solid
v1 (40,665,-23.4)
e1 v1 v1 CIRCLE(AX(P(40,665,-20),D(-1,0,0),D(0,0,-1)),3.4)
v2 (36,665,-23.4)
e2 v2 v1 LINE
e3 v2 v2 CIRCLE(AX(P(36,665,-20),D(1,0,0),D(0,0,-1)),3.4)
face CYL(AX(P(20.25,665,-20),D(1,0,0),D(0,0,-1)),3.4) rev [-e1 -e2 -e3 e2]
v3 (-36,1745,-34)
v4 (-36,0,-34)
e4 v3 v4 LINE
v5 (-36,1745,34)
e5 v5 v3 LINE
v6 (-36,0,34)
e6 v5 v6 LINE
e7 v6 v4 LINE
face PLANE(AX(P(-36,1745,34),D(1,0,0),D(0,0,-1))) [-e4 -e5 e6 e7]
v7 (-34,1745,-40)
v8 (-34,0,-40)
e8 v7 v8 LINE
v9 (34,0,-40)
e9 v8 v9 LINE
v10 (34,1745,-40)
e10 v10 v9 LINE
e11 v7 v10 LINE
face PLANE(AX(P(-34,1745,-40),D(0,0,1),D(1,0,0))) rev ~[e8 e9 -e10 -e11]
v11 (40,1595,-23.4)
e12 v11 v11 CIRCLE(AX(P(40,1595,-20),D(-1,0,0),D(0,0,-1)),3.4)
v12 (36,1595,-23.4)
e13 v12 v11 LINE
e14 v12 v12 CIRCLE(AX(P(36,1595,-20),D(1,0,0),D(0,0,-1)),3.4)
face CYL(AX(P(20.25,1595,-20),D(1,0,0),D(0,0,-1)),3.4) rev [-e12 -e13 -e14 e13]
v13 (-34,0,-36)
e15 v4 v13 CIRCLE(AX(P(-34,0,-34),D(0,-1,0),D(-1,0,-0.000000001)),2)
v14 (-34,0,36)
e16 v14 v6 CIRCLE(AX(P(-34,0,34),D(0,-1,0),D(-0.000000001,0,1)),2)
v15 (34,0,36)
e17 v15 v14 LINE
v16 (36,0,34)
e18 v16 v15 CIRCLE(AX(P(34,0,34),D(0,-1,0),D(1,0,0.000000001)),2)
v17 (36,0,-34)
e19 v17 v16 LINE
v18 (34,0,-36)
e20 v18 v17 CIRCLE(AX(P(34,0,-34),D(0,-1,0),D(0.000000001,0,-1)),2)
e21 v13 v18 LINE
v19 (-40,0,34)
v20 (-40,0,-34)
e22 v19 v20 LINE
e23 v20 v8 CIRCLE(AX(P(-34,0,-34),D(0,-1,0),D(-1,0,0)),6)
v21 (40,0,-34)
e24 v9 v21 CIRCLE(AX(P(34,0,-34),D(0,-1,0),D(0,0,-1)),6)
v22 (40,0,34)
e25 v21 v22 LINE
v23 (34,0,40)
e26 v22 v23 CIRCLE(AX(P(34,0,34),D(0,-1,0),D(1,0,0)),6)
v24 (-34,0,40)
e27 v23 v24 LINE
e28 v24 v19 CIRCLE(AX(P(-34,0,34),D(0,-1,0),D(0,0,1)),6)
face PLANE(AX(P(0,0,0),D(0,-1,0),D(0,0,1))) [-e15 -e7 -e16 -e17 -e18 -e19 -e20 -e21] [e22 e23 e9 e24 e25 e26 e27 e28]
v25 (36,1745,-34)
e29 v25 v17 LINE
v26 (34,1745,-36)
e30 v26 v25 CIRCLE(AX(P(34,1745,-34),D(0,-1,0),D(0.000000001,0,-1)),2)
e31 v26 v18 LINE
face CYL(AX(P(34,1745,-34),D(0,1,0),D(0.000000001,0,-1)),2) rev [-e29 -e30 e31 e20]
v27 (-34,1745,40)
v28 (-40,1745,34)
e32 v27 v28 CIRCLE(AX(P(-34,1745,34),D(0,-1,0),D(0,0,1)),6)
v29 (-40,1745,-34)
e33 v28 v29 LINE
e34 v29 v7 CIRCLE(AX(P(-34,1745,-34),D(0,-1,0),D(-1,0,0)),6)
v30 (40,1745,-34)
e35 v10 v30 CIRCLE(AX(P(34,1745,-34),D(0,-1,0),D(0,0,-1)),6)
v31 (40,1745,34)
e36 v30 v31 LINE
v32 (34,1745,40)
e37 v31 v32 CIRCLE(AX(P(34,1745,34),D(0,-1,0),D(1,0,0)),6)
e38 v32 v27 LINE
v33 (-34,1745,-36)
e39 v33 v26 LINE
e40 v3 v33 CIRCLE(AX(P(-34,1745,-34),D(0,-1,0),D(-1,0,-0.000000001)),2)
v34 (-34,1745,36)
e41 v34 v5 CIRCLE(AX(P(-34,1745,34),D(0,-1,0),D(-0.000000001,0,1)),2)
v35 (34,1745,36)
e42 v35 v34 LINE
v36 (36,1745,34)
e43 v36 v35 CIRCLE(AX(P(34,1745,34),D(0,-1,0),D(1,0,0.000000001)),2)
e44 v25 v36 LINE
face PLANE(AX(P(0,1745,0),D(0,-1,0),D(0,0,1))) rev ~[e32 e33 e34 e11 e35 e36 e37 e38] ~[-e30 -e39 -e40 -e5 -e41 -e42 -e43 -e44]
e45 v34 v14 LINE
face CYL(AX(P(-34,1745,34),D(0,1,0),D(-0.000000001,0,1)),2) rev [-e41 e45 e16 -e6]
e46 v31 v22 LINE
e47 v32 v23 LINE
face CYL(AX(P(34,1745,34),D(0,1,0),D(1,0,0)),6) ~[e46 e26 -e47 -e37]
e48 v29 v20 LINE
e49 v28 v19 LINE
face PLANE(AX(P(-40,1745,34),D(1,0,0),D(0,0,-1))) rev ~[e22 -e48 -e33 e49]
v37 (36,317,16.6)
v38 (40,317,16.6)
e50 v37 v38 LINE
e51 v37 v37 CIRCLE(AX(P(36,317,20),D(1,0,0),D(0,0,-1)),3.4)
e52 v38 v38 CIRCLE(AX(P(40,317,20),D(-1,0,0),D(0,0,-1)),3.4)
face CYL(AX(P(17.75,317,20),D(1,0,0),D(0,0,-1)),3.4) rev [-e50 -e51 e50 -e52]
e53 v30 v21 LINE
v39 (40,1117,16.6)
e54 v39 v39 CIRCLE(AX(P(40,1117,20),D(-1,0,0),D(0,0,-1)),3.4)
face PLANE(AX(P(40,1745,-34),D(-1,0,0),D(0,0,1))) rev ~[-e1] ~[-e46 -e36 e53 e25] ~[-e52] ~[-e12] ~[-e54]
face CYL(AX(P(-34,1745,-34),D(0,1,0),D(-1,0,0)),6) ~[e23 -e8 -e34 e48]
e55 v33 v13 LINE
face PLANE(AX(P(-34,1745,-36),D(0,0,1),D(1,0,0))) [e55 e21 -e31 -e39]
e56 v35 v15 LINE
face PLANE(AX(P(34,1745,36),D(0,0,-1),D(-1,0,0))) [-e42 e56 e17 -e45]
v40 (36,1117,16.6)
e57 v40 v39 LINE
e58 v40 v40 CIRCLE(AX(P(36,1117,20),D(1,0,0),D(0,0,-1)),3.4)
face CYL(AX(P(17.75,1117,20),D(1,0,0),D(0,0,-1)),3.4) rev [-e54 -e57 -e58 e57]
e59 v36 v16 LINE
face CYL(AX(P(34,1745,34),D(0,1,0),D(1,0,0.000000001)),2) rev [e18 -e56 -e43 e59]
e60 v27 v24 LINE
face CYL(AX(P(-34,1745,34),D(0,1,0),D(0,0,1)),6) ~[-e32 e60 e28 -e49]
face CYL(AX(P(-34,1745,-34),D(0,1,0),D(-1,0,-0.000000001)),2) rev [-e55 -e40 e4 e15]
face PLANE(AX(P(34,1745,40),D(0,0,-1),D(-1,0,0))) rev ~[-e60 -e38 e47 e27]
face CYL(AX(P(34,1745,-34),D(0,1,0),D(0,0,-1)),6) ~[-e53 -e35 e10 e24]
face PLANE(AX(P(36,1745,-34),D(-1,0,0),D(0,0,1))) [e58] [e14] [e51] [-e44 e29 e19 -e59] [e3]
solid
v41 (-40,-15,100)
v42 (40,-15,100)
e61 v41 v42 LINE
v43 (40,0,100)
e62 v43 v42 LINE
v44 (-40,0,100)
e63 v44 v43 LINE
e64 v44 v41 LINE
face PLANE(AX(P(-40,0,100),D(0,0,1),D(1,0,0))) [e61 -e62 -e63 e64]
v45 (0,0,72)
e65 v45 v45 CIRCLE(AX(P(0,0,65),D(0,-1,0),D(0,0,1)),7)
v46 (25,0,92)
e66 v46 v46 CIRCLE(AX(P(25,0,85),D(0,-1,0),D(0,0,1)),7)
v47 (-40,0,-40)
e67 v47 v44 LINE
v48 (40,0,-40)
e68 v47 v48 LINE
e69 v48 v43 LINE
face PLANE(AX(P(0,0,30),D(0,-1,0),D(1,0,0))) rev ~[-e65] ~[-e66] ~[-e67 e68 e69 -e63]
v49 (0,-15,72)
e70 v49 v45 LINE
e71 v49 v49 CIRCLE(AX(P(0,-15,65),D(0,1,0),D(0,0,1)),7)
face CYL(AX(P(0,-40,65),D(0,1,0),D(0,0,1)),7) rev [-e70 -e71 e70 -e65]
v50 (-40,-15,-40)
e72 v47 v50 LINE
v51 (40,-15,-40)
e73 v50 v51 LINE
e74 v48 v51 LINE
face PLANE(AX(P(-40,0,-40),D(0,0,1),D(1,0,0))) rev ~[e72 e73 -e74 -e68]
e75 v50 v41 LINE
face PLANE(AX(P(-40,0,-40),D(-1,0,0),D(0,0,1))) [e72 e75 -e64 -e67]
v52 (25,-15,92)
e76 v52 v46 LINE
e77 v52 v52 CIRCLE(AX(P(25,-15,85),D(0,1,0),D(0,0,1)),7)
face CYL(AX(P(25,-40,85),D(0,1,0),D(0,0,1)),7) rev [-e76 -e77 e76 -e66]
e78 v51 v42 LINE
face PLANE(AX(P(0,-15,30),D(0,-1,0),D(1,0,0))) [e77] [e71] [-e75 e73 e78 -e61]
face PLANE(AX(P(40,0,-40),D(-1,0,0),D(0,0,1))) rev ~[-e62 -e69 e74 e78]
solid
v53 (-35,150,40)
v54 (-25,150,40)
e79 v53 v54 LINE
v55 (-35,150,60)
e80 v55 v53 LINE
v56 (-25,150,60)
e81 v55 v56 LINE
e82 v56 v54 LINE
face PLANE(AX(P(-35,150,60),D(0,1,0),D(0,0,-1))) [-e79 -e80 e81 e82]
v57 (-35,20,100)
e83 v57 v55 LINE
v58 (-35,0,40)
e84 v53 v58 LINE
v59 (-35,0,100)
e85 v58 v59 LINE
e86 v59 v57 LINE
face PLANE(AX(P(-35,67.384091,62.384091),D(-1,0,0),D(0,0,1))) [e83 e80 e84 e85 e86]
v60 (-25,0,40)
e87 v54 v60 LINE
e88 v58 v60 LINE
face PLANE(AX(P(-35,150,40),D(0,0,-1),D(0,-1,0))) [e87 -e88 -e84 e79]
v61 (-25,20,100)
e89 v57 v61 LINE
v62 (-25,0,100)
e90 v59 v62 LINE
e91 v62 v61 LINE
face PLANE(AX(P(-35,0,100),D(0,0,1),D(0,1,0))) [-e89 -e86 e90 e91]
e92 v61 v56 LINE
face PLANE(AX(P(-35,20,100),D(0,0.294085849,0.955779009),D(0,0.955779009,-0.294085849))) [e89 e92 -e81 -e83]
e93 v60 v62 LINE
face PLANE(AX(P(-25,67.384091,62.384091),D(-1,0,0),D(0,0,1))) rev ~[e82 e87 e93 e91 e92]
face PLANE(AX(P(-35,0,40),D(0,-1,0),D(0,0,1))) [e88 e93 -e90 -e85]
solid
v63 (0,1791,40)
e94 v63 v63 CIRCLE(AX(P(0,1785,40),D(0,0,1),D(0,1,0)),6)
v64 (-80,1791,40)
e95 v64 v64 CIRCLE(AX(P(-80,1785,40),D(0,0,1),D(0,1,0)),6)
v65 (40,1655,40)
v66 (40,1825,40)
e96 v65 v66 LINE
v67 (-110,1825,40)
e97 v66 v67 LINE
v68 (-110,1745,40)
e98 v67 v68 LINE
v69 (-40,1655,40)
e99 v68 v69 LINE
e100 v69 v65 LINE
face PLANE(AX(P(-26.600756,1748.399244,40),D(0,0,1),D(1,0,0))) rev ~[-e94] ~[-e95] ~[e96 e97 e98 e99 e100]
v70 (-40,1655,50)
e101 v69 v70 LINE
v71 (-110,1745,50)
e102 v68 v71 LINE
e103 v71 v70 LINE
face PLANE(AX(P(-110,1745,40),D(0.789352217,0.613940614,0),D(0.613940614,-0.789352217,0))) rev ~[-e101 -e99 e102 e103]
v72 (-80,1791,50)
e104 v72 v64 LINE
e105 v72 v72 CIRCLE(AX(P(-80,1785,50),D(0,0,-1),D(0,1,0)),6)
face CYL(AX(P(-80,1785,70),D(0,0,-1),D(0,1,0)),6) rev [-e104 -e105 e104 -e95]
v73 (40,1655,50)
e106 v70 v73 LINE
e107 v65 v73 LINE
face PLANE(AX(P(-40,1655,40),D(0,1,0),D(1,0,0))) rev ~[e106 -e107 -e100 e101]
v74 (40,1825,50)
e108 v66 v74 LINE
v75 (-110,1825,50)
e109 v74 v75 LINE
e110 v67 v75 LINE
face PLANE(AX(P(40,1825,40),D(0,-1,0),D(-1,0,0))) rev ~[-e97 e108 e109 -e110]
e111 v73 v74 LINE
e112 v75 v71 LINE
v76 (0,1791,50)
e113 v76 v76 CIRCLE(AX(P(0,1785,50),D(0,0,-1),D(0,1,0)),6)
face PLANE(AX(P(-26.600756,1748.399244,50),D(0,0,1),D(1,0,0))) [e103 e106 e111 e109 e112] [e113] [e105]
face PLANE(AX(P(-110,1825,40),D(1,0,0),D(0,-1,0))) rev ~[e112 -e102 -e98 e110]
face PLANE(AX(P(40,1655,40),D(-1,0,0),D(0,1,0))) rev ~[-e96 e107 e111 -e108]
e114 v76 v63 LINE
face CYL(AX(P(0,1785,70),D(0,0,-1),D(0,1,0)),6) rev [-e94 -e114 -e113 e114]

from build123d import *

# Parameters (mm, degrees)
MEMBER_1_DEPTH                   = 1745
SKETCH_4_W                       = 80
SKETCH_4_H                       = 140
EXTRUDE_1_DEPTH                  = 15
HOLE_WIZARD_14_0_14_1_AT_2_COUNT = 2
HOLE_WIZARD_14_0_14_1_AT_2_PITCH = 32.015621187
EXTRUDE_START                    = -60
EXTRUDE_2_DEPTH                  = 10
EXTRUDE_3_DEPTH                  = 10
HOLE_WIZARD_M10_1_AT_2_COUNT     = 2
HOLE_WIZARD_M10_1_AT_2_PITCH     = 80
HOLE_WIZARD_M8_1_AT_2_COUNT      = 2
HOLE_WIZARD_M8_1_AT_2_PITCH      = 930
HOLE_WIZARD_M8_3_AT_2_COUNT      = 2
HOLE_WIZARD_M8_3_AT_2_PITCH      = 800


with BuildPart() as part:
    # Sketch11 → Member 1 (new body)
    with BuildSketch(Plane(origin=(0, 1745, 0), x_dir=(0, 0, 1), z_dir=(0, -1, 0))):
        with BuildLine():
            Line((-34, -40), (34, -40))
            ThreePointArc((34, -40), (38.242640687, -38.242640687), (40, -34))
            Line((40, -34), (40, 34))
            ThreePointArc((40, 34), (38.242640687, 38.242640687), (34, 40))
            Line((34, 40), (-34, 40))
            ThreePointArc((-34, 40), (-38.242640687, 38.242640687), (-40, 34))
            Line((-40, 34), (-40, -34))
            ThreePointArc((-40, -34), (-38.242640687, -38.242640687), (-34, -40))
        make_face()
        with BuildLine():
            Line((-34, -36), (34, -36))
            ThreePointArc((34, -36), (35.414213562, -35.414213562), (36, -34))
            Line((36, -34), (36, 34))
            ThreePointArc((36, 34), (35.414213562, 35.414213562), (34, 36))
            Line((34, 36), (-34, 36))
            ThreePointArc((-34, 36), (-35.414213562, 35.414213562), (-36, 34))
            Line((-36, 34), (-36, -34))
            ThreePointArc((-36, -34), (-35.414213562, -35.414213562), (-34, -36))
        make_face(mode=Mode.SUBTRACT)
    extrude(amount=MEMBER_1_DEPTH)

    # 草图32 → M8 螺纹孔1 (revolve, cut)
    with BuildSketch(Plane(origin=(40, 1595, -20), x_dir=(0, 0, -1), z_dir=(0, 1, 0))):
        Polygon((0, 0), (0, 21.792926105), (3.4, 19.75), (3.4, 0), align=None)
    hole_wizard_m8_1 = revolve(axis=Axis((46.35, 1595, -20), (-1, 0, 0)), mode=Mode.SUBTRACT)

    # M8 螺纹孔1 at 2: M8 螺纹孔1 ×2
    with Locations(*[(0, -i * HOLE_WIZARD_M8_1_AT_2_PITCH, 0) for i in range(1, HOLE_WIZARD_M8_1_AT_2_COUNT)]):
        add(hole_wizard_m8_1, mode=Mode.SUBTRACT)

    # 草图38 → M8 螺纹孔3 (revolve, cut)
    with BuildSketch(Plane(origin=(40, 1117, 20.000000004), x_dir=(0, 0, -1), z_dir=(0, 1, 0))):
        Polygon((0, 0), (0, 24.292926105), (3.4, 22.25), (3.4, 0), align=None)
    hole_wizard_m8_3 = revolve(axis=Axis((46.35, 1117, 20.000000004), (-1, 0, 0)), mode=Mode.SUBTRACT)

    # M8 螺纹孔3 at 2: M8 螺纹孔3 ×2
    with Locations(*[(0, -i * HOLE_WIZARD_M8_3_AT_2_PITCH, 0) for i in range(1, HOLE_WIZARD_M8_3_AT_2_COUNT)]):
        add(hole_wizard_m8_3, mode=Mode.SUBTRACT)


with BuildPart() as body_2:
    # 草图4 → 凸台-拉伸1 (new body)
    with BuildSketch(Plane.XZ):
        with Locations((0, 30)):
            Rectangle(SKETCH_4_W, SKETCH_4_H)
    extrude(amount=EXTRUDE_1_DEPTH)

    # 草图12 → Ø14.0 (14) 直径孔1 (revolve, cut)
    with BuildSketch(Plane(origin=(25, 0, 85), x_dir=(0, 0, 1), z_dir=(1, 0, 0))):
        Polygon((0, 0), (0, 44.206024333), (7, 40), (7, 0), align=None)
    hole_wizard_14_0_14_1 = revolve(axis=Axis((25, 6.35, 85), (0, -1, 0)), mode=Mode.SUBTRACT)

    # Ø14.0 (14) 直径孔1 at 2: Ø14.0 (14) 直径孔1 ×2
    with Locations(*[Vector(-0.7808688094430303, 0, -0.6246950475544244) * (i * HOLE_WIZARD_14_0_14_1_AT_2_PITCH) for i in range(1, HOLE_WIZARD_14_0_14_1_AT_2_COUNT)]):
        add(hole_wizard_14_0_14_1, mode=Mode.SUBTRACT)


with BuildPart() as body_3:
    # 草图11 → 凸台-拉伸2 (new body)
    with BuildSketch(Plane(origin=(25, 0, 0), x_dir=(0, 0, -1), z_dir=(1, 0, 0)).offset(EXTRUDE_START)):
        Polygon((-100, 20), (-60, 150), (-40, 150), (-40, 0), (-100, 0), align=None)
    extrude(amount=EXTRUDE_2_DEPTH)


with BuildPart() as body_4:
    # 草图20 → 凸台-拉伸3 (new body)
    with BuildSketch(Plane.XY.offset(40)):
        Polygon((40, 1655), (40, 1825), (-110, 1825), (-110, 1745), (-40, 1655), align=None)
    extrude(amount=EXTRUDE_3_DEPTH)

    # 草图30 → M10 间隙孔1 (revolve, cut)
    with BuildSketch(Plane(origin=(0, 1785, 40), x_dir=(0, 1, 0), z_dir=(1, 0, 0))):
        Polygon((0, 0), (0, 33.605163714), (6, 30), (6, 0), align=None)
    hole_wizard_m10_1 = revolve(axis=Axis((0, 1785, 33.65), (0, 0, 1)), mode=Mode.SUBTRACT)

    # M10 间隙孔1 at 2: M10 间隙孔1 ×2
    with Locations(*[(-i * HOLE_WIZARD_M10_1_AT_2_PITCH, 0, 0) for i in range(1, HOLE_WIZARD_M10_1_AT_2_COUNT)]):
        add(hole_wizard_m10_1, mode=Mode.SUBTRACT)


solid = Compound([part.part, body_2.part, body_3.part, body_4.part])
